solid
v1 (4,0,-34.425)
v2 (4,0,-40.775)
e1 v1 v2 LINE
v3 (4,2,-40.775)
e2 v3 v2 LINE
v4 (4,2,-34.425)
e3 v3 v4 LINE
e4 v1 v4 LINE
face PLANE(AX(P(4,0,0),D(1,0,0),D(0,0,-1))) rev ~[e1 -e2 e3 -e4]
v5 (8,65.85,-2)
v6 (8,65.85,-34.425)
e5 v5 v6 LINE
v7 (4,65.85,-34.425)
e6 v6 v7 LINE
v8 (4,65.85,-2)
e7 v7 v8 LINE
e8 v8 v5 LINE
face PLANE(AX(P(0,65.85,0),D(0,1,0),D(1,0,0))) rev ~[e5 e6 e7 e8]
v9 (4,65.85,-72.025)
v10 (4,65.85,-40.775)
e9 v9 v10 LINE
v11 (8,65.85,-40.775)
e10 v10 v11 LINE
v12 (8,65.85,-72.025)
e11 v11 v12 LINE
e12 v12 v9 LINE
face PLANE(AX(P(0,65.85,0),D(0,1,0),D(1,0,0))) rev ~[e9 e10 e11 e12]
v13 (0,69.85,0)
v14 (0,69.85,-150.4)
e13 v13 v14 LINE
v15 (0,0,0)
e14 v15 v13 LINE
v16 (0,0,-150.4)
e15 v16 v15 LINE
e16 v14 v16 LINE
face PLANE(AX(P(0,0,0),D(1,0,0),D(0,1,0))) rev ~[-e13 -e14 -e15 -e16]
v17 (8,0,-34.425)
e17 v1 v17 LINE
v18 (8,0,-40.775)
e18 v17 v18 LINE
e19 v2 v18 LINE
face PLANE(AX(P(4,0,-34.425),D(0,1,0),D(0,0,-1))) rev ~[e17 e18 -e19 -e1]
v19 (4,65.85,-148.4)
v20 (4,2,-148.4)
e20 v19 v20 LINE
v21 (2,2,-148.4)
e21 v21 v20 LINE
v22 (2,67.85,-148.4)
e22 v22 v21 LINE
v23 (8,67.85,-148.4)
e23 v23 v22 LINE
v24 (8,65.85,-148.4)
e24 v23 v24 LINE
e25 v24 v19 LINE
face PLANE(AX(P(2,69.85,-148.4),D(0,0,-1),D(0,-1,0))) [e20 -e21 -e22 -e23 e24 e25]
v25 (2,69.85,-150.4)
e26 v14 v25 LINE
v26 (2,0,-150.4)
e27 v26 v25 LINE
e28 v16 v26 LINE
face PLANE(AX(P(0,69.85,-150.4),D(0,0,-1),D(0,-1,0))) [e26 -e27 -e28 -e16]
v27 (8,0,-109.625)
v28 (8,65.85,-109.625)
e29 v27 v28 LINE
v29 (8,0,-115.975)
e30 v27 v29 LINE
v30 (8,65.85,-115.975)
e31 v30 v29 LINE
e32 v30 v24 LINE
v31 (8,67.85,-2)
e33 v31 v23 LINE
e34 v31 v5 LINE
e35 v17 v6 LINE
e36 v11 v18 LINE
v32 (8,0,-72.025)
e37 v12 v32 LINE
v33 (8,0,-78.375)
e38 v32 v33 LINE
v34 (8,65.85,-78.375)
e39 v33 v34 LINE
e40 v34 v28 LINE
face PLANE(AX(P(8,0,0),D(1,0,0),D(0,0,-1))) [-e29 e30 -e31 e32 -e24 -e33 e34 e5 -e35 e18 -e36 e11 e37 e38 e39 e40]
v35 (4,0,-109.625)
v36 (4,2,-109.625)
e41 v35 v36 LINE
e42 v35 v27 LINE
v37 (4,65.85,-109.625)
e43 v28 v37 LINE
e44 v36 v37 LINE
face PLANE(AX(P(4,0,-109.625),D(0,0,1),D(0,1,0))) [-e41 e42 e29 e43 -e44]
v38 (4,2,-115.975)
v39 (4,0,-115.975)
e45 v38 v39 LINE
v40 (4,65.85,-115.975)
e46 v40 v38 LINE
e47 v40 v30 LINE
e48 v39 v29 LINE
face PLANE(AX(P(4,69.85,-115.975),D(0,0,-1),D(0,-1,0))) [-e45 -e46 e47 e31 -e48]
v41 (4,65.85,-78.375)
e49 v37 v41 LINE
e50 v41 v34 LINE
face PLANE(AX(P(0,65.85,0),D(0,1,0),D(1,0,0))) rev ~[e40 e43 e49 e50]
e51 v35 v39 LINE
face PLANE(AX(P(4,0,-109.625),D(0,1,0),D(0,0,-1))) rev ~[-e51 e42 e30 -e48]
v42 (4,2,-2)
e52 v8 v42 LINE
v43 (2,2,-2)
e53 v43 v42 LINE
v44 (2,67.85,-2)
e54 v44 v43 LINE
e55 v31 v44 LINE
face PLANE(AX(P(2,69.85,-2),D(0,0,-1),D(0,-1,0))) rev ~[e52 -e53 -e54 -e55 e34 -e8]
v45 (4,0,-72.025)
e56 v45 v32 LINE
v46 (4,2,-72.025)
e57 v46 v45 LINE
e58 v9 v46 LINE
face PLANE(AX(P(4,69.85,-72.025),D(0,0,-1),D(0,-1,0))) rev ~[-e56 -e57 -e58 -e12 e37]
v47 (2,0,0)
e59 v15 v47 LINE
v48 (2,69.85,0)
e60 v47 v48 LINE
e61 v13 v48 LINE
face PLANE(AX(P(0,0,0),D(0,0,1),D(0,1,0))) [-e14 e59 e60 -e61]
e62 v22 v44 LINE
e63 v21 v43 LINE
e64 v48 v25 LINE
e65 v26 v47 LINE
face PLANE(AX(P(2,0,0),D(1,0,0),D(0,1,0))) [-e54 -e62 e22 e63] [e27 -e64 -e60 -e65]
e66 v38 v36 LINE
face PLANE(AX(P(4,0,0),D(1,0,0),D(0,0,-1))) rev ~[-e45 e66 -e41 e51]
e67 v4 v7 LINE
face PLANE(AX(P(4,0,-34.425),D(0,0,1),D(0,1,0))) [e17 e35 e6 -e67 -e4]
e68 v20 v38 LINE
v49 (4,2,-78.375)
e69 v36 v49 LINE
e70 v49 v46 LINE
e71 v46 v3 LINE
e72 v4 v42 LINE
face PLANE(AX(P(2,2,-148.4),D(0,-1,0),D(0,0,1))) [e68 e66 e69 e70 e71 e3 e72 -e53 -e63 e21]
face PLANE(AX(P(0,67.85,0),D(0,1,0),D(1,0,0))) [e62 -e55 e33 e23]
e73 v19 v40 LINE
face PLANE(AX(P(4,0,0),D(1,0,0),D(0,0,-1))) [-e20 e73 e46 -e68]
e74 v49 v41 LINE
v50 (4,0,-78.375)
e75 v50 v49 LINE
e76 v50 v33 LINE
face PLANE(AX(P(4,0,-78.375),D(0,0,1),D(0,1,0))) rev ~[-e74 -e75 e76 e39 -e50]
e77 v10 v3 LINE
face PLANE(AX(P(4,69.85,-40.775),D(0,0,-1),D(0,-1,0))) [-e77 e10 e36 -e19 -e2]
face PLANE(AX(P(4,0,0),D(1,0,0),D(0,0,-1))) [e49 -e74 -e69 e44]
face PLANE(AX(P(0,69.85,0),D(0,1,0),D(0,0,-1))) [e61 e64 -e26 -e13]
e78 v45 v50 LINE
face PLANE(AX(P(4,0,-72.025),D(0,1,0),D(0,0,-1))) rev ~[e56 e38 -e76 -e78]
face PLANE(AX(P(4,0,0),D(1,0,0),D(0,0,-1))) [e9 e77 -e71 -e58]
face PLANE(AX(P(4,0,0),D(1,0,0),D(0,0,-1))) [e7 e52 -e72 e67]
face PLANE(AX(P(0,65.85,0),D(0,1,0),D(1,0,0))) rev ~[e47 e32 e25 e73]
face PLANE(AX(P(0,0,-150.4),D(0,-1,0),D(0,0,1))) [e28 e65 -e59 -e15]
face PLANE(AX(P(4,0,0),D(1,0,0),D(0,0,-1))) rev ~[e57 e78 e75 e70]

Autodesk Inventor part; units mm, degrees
ref_plane "YZ Plane" through (0, 0, 0) normal (1, 0, 0) x (0, 1, 0)
ref_plane "XZ Plane" through (0, 0, 0) normal (0, 1, 0) x (-1, 0, 0)
ref_plane "XY Plane" through (0, 0, 0) normal (0, 0, 1) x (1, 0, 0)
sketch "Sketch1" plane through (0, 0, 0) normal (1, 0, 0) x (0, 1, 0)
  line L0 (0, 0) -> (69.85, 0)
  line L1 (69.85, 0) -> (69.85, -150.4)
  line L2 (69.85, -150.4) -> (0, -150.4)
  line L3 (0, -150.4) -> (0, 0)
  dimension "d0" = 69.85
  dimension "d1" = 150.4
extrude "Extrusion1" add sketch "Sketch1" along normal blind 2
sketch "Sketch2" plane through (2, 0, 0) normal (1, 0, 0) x (0, 0, -1)
  line L0 (150.4, 0) -> (150.4, 69.85) projected
  line L1 (150.4, 69.85) -> (0, 69.85) projected
  line L2 (0, 69.85) -> (0, 0) projected
  line L3 (0, 0) -> (150.4, 0) projected
  line L4 (150.4, 69.85) -> (148.4, 69.85)
  line L5 (148.4, 69.85) -> (148.4, 0)
  line L6 (148.4, 0) -> (150.4, 0)
  line L7 (150.4, 0) -> (150.4, 69.85)
  line L8 (0, 69.85) -> (2, 69.85)
  line L9 (2, 69.85) -> (2, 0)
  line L10 (2, 0) -> (0, 0)
  line L11 (0, 0) -> (0, 69.85)
  line L12 (0, 0) -> (150.4, 0)
  line L13 (150.4, 0) -> (150.4, 2)
  line L14 (150.4, 2) -> (0, 2)
  line L15 (0, 2) -> (0, 0)
  point P0 (2, 2)
  point P1 (148.4, 2)
  dimension "d4" = 2
  dimension "d5" = 2
  dimension "d6" = 2
extrude "Extrusion2" add sketch "Sketch2" along normal blind 2 contours L14 L9 L1 L5
sketch "Sketch3" plane through (4, 0, 0) normal (1, 0, 0) x (0, 0, -1)
  line L0 (150.4, 0) -> (150.4, 69.85) projected
  line L1 (0, 0) -> (150.4, 0) projected
  line L2 (0, 69.85) -> (0, 0) projected
  line L3 (150.4, 69.85) -> (0, 69.85) projected
  line L4 (0, 69.85) -> (75.2, 69.85) construction
  line L5 (75.2, 69.85) -> (75.2, 0) construction
  line L6 (75.2, 0) -> (0, 0) construction
  line L7 (0, 0) -> (0, 69.85) construction
  line L8 (0, 0) -> (150.4, 0) construction
  line L9 (0, 0) -> (37.6, 0) construction
  line L10 (37.6, 0) -> (37.6, 69.85) construction
  line L11 (37.6, 69.85) -> (0, 69.85) construction
  line L12 (0, 69.85) -> (0, 0) construction
  line L13 (150.4, 0) -> (150.4, 69.85) construction
  line L14 (75.2, 69.85) -> (150.4, 69.85) construction
  line L15 (150.4, 69.85) -> (150.4, 0) construction
  line L16 (150.4, 0) -> (75.2, 0) construction
  line L17 (75.2, 0) -> (75.2, 69.85) construction
  line L18 (75.2, 0) -> (112.8, 0) construction
  line L19 (112.8, 0) -> (112.8, 69.85) construction
  line L20 (112.8, 69.85) -> (75.2, 69.85) construction
  line L21 (75.2, 69.85) -> (75.2, 0) construction
  line L22 (34.425, 0) -> (34.425, 69.85) construction
  line L23 (34.425, 69.85) -> (40.775, 69.85) construction
  line L24 (40.775, 69.85) -> (40.775, 0) construction
  line L25 (40.775, 0) -> (34.425, 0) construction
  line L26 (34.425, 0) -> (40.775, 69.85) construction
  line L27 (34.425, 69.85) -> (40.775, 0) construction
  line L28 (72.025, 0) -> (72.025, 69.85) construction
  line L29 (72.025, 69.85) -> (78.375, 69.85) construction
  line L30 (78.375, 69.85) -> (78.375, 0) construction
  line L31 (78.375, 0) -> (72.025, 0) construction
  line L32 (72.025, 0) -> (78.375, 69.85) construction
  line L33 (72.025, 69.85) -> (78.375, 0) construction
  line L34 (109.625, 0) -> (109.625, 69.85) construction
  line L35 (109.625, 69.85) -> (115.975, 69.85) construction
  line L36 (115.975, 69.85) -> (115.975, 0) construction
  line L37 (115.975, 0) -> (109.625, 0) construction
  line L38 (109.625, 0) -> (115.975, 69.85) construction
  line L39 (109.625, 69.85) -> (115.975, 0) construction
  line L40 (34.425, 69.85) -> (40.775, 69.85)
  line L41 (40.775, 69.85) -> (40.775, 0)
  line L42 (40.775, 0) -> (34.425, 0)
  line L43 (34.425, 0) -> (34.425, 69.85)
  line L44 (72.025, 0) -> (78.375, 0)
  line L45 (78.375, 0) -> (78.375, 69.85)
  line L46 (78.375, 69.85) -> (72.025, 69.85)
  line L47 (72.025, 69.85) -> (72.025, 0)
  line L48 (109.625, 69.85) -> (115.975, 69.85)
  line L49 (115.975, 69.85) -> (115.975, 0)
  line L50 (115.975, 0) -> (109.625, 0)
  line L51 (109.625, 0) -> (109.625, 69.85)
  point P0 (37.6, 34.925)
  point P1 (75.2, 34.925)
  point P2 (112.8, 34.925)
  dimension "d9" = 6.35
  dimension "d10" = 6.35
  dimension "d11" = 6.35
extrude "Extrusion3" add sketch "Sketch3" along normal blind 4 contours L1 L51 L3 L49 | L1 L47 L3 L45 | L1 L43 L3 L41
sketch "Sketch4" plane through (0, 69.85, 0) normal (0, 1, 0) x (1, 0, 0)
  line L0 (0, 150.4) -> (0, 0) projected
  line L1 (0, 150.4) -> (0, 0) construction
  line L2 (0, 0) -> (2, 0) construction
  line L3 (2, 2) -> (2, 0) construction
  line L4 (2, 2) -> (4, 2) construction
  line L5 (4, 34.425) -> (4, 2) construction
  line L6 (4, 34.425) -> (8, 34.425) construction
  line L7 (8, 40.775) -> (8, 34.425) construction
  line L8 (4, 40.775) -> (8, 40.775) construction
  line L9 (4, 72.025) -> (4, 40.775) construction
  line L10 (4, 72.025) -> (8, 72.025) construction
  line L11 (8, 78.375) -> (8, 72.025) construction
  line L12 (4, 78.375) -> (8, 78.375) construction
  line L13 (4, 109.625) -> (4, 78.375) construction
  line L14 (4, 109.625) -> (8, 109.625) construction
  line L15 (8, 115.975) -> (8, 109.625) construction
  line L16 (4, 115.975) -> (8, 115.975) construction
  line L17 (4, 148.4) -> (4, 115.975) construction
  line L18 (2, 148.4) -> (4, 148.4) construction
  line L19 (2, 150.4) -> (2, 148.4) construction
  line L20 (0, 150.4) -> (2, 150.4) construction
  line L21 (2, 0) -> (0, 0)
  line L22 (0, 0) -> (0, 150.4)
  line L23 (0, 150.4) -> (2, 150.4)
  line L24 (2, 150.4) -> (2, 0)
  line L25 (2, 0) -> (8, 0)
  line L26 (8, 0) -> (8, 150.4)
  line L27 (8, 150.4) -> (2, 150.4)
  line L28 (2, 150.4) -> (2, 0)
extrude "Extrusion4" cut sketch "Sketch4" against normal blind 2 contours L27 L26 L25 L24
sketch "Sketch5" plane through (0, 67.85, 0) normal (0, 1, 0) x (1, 0, 0)
  line L0 (4, 115.975) -> (8, 115.975) projected
  line L1 (4, 148.4) -> (4, 115.975) projected
  line L2 (2, 148.4) -> (4, 148.4) projected
  line L3 (2, 2) -> (2, 148.4) projected
  line L4 (4, 2) -> (2, 2) projected
  line L5 (4, 34.425) -> (4, 2) projected
  line L6 (8, 34.425) -> (4, 34.425) projected
  line L7 (8, 40.775) -> (8, 34.425) projected
  line L8 (4, 40.775) -> (8, 40.775) projected
  line L9 (4, 72.025) -> (4, 40.775) projected
  line L10 (8, 72.025) -> (4, 72.025) projected
  line L11 (8, 78.375) -> (8, 72.025) projected
  line L12 (4, 78.375) -> (8, 78.375) projected
  line L13 (4, 109.625) -> (4, 78.375) projected
  line L14 (8, 109.625) -> (4, 109.625) projected
  line L15 (8, 115.975) -> (8, 109.625) projected
  line L16 (2, 2) -> (4, 2) projected
  line L17 (2, 2) -> (8, 2)
  line L18 (8, 2) -> (8, 148.4)
  line L19 (8, 148.4) -> (2, 148.4)
  line L20 (2, 148.4) -> (2, 2)
  point P0 (0, 0)
  point P1 (4, 2)
extrude "Extrusion5" add sketch "Sketch5" against normal blind 2 contours L1 L19 L18 L0 | L18 L12 L13 L14 | L18 L8 L9 L10 | L5 L6 L18 L17
properties part number "leftwall"
